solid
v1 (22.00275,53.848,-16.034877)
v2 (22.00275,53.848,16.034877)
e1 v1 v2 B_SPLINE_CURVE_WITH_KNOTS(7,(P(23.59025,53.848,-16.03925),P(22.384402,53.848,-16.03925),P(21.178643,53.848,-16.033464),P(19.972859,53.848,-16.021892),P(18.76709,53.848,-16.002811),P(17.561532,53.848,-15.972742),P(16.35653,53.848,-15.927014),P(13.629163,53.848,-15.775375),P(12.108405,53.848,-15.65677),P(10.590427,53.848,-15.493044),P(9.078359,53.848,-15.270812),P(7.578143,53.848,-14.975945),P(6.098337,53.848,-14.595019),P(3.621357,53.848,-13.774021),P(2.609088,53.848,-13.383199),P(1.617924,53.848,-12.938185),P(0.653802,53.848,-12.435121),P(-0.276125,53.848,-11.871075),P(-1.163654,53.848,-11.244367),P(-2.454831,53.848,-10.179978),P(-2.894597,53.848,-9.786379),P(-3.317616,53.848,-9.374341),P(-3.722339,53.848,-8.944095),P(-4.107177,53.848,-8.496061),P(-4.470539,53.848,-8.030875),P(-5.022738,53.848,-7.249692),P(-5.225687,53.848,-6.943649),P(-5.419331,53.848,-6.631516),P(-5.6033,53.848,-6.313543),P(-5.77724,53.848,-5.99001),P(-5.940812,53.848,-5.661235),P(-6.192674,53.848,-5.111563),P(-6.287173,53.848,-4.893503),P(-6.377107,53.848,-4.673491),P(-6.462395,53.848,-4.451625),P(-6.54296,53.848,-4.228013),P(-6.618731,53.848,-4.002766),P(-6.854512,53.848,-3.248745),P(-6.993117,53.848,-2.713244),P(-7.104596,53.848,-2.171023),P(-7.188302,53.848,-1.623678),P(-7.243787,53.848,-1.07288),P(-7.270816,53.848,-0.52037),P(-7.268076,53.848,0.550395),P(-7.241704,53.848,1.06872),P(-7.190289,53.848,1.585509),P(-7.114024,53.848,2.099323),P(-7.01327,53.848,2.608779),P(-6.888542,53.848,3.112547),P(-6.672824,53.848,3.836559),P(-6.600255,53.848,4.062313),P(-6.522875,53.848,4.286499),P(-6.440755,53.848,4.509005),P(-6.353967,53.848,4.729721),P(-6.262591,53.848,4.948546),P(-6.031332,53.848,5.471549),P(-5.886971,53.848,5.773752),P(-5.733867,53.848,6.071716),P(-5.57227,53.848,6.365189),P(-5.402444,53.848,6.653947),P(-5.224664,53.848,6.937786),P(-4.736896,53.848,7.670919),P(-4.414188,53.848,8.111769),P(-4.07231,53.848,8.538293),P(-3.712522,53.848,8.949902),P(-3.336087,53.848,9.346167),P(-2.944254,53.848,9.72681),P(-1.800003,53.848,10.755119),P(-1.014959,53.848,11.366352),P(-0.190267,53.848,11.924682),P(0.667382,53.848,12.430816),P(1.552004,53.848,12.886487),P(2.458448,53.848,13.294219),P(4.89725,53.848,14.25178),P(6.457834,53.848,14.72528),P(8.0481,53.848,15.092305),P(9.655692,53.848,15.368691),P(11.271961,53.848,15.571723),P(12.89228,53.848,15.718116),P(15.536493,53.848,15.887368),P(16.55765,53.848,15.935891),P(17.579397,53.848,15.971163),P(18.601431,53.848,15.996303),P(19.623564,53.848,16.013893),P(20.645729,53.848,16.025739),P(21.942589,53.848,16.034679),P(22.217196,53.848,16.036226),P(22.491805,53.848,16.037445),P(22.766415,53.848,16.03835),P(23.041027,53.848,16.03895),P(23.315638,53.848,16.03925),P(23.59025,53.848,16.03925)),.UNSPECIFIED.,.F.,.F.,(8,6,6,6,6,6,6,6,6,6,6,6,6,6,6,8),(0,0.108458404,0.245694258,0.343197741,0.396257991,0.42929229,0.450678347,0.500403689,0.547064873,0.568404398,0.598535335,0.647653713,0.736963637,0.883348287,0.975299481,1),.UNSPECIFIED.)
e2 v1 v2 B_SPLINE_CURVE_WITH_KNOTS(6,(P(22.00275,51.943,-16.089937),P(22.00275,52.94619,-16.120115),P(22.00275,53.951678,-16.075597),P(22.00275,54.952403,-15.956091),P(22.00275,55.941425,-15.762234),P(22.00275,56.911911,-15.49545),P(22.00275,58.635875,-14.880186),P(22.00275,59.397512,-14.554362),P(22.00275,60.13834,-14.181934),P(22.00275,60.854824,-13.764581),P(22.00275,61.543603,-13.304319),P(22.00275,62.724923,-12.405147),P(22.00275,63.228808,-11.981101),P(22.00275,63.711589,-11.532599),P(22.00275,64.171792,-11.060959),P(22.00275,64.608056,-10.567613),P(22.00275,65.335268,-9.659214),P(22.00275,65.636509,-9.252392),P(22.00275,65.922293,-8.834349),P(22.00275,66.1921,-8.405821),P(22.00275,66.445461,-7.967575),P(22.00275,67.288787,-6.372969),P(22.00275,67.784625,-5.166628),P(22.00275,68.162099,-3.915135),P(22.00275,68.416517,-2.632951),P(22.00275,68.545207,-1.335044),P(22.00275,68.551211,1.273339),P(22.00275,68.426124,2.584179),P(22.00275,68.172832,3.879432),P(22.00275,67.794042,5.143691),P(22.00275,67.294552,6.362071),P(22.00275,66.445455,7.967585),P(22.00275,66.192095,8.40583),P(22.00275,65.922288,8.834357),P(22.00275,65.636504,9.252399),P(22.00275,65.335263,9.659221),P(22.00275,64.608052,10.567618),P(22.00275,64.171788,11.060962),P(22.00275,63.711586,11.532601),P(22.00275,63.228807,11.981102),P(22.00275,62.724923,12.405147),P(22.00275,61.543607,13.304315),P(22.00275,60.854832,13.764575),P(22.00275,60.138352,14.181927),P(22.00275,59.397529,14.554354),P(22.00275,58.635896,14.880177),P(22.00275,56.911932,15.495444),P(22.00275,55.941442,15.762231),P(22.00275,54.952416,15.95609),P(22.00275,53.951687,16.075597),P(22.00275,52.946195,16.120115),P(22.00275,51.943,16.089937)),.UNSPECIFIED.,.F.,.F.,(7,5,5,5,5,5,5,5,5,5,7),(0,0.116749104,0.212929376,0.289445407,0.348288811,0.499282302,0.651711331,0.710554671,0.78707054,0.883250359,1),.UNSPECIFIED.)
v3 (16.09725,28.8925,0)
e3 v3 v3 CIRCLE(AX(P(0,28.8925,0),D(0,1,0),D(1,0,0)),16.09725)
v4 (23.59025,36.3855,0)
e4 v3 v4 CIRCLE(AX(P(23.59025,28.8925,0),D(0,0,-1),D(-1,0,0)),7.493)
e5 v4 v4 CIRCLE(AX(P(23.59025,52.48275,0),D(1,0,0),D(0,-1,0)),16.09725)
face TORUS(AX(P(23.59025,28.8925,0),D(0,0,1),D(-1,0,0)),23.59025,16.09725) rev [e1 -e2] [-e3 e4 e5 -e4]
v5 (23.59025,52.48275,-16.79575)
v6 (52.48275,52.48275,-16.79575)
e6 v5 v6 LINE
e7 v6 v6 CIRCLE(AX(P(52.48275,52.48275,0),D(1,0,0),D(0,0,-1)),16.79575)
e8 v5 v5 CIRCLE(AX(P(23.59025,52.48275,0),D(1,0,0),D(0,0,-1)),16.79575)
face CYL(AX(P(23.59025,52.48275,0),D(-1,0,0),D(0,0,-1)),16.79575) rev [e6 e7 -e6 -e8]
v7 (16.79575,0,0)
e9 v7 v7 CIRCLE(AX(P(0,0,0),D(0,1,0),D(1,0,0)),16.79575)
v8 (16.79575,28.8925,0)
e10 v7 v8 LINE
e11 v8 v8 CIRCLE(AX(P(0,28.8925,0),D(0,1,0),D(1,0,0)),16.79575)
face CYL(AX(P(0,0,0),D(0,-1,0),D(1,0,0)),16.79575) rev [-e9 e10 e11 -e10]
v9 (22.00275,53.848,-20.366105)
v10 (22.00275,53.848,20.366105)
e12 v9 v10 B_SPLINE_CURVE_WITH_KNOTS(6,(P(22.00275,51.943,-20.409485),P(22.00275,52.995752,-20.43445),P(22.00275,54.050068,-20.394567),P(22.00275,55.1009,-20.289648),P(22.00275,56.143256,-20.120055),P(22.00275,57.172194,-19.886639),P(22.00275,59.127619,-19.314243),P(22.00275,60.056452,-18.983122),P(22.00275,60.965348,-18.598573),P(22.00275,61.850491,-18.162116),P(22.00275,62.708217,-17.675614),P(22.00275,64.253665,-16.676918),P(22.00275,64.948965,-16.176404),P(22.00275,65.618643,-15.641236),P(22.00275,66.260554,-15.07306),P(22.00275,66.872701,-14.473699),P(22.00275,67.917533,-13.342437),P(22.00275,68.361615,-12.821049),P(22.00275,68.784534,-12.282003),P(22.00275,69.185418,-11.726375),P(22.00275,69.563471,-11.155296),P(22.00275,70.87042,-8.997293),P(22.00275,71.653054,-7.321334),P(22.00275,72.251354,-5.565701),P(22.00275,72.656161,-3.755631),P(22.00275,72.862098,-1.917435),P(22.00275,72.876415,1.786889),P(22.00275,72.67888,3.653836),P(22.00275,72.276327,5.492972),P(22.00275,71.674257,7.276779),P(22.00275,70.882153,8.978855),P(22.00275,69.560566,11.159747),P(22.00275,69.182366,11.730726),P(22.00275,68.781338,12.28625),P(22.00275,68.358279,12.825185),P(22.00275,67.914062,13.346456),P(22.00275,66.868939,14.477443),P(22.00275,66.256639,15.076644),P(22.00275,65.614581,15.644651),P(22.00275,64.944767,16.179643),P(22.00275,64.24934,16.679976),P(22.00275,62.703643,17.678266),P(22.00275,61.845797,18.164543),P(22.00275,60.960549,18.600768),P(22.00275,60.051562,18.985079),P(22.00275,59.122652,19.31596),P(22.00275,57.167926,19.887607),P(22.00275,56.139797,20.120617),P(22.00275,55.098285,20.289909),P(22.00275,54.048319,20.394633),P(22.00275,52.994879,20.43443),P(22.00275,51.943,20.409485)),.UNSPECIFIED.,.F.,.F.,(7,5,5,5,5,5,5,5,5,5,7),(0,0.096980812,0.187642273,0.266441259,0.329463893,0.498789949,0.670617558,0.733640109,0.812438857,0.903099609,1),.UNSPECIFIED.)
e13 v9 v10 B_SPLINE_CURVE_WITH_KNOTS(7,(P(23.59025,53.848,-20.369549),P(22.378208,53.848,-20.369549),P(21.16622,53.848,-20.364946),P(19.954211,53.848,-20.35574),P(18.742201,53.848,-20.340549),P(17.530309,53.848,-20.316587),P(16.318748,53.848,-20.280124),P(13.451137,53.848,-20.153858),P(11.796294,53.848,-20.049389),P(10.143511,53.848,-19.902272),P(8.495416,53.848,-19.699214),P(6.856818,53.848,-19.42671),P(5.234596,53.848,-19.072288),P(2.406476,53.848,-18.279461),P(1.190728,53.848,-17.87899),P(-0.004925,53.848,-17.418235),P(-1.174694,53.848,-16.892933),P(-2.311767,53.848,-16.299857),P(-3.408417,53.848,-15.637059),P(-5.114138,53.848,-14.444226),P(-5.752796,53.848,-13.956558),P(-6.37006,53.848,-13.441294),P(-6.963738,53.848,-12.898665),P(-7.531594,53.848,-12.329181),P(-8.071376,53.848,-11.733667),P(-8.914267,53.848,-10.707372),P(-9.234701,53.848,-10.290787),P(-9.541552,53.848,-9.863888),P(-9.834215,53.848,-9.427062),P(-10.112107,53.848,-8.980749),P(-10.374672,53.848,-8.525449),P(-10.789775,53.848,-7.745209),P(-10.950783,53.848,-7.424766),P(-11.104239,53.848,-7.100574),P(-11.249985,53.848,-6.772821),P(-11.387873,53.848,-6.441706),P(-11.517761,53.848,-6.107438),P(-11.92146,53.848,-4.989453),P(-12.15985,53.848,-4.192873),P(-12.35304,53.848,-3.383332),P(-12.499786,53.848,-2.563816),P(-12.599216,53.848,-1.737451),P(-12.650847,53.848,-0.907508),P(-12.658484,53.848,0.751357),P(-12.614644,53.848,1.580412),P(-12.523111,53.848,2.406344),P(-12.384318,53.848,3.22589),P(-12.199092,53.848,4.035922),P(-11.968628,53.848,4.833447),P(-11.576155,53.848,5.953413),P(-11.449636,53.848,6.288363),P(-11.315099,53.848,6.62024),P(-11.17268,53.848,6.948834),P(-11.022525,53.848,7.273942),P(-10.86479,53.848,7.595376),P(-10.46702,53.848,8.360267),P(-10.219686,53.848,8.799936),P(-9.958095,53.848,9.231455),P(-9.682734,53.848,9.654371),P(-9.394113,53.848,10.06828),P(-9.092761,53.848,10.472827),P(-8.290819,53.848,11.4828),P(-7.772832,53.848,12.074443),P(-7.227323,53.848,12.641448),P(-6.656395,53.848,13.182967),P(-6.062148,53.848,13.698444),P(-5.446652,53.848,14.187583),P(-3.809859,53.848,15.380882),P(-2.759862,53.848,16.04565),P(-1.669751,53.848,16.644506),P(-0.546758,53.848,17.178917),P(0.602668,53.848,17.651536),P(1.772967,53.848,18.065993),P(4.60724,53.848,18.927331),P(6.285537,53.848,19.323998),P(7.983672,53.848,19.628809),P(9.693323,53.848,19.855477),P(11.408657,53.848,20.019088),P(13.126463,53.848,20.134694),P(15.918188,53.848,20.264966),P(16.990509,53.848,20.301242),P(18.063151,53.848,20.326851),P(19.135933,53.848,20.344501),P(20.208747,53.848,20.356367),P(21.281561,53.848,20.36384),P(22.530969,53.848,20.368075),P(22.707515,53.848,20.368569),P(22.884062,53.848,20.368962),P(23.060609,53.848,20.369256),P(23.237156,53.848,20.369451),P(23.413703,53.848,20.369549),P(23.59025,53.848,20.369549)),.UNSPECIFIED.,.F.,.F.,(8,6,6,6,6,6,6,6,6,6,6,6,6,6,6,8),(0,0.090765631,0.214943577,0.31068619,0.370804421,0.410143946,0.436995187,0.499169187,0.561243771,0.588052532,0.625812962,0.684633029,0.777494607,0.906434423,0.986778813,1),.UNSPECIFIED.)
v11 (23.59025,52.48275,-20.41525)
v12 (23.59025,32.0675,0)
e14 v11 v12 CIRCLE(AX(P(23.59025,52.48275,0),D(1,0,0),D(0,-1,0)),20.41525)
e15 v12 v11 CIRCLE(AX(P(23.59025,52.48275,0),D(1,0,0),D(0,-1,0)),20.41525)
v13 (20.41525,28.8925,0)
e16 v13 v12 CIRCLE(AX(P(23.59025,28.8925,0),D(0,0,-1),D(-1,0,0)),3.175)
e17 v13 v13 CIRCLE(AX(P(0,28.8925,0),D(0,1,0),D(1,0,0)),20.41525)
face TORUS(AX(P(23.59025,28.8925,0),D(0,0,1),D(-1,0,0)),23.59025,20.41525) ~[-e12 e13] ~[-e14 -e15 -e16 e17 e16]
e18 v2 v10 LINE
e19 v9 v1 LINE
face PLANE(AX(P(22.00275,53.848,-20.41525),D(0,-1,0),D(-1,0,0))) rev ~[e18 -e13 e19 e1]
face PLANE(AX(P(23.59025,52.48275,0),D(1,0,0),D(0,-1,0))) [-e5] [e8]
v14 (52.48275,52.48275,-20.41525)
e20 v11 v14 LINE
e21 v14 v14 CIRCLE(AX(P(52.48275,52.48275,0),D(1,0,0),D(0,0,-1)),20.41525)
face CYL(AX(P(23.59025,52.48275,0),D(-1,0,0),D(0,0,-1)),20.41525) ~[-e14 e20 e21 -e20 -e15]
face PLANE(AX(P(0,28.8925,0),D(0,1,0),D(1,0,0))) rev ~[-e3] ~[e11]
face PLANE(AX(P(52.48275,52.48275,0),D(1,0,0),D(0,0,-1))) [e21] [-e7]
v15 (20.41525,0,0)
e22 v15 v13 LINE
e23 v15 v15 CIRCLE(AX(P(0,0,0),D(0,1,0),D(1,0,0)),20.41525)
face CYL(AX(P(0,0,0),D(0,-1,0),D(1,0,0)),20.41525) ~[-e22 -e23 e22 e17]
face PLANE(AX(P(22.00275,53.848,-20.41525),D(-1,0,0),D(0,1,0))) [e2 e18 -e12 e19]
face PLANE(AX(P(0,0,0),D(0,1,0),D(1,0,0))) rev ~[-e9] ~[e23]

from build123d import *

# Parameters (mm, degrees)
SKETCH1_R           = 20.41525
SKETCH1_R_2         = 16.79575
BOSS_EXTRUDE1_DEPTH = 28.8925
SKETCH2_R           = 20.41525
SKETCH2_R_2         = 16.09725
REVOLVE1_ANGLE      = 90
SKETCH3_R           = 20.41525
SKETCH3_R_2         = 16.79575
BOSS_EXTRUDE2_DEPTH = 28.8925
SKETCH5_W           = 42.418
SKETCH5_H           = 19.05
CUT_EXTRUDE2_DEPTH  = 66.9925


with BuildPart() as part:
    # Sketch1 → Boss-Extrude1 (new body)
    with BuildSketch(Plane(origin=(0, 0, 0), x_dir=(1, 0, 0), z_dir=(0, 1, 0))):
        Circle(SKETCH1_R)
        Circle(SKETCH1_R_2, mode=Mode.SUBTRACT)
    extrude(amount=BOSS_EXTRUDE1_DEPTH)

    # Sketch2 → Revolve1 (revolve)
    with BuildSketch(Plane(origin=(0, 28.8925, 0), x_dir=(1, 0, 0), z_dir=(0, 1, 0))):
        Circle(SKETCH2_R)
        Circle(SKETCH2_R_2, mode=Mode.SUBTRACT)
    revolve(axis=Axis((23.59025, 28.8925, 20.41525), (0, 0, -1)), revolution_arc=REVOLVE1_ANGLE)

    # Sketch3 → Boss-Extrude2 (add)
    with BuildSketch(Plane(origin=(23.59025, 0, 0), x_dir=(0, 0, -1), z_dir=(1, 0, 0))):
        with Locations((0, 52.48275)):
            Circle(SKETCH3_R)
        with Locations((0, 52.48275)):
            Circle(SKETCH3_R_2, mode=Mode.SUBTRACT)
    extrude(amount=BOSS_EXTRUDE2_DEPTH)

    # Sketch5 → Cut-Extrude2 (cut)
    with BuildSketch(Plane(origin=(0, 28.8925, -20.41525), x_dir=(-1, 0, 0), z_dir=(0, 0, -1))):
        with Locations((-0.79375, 34.4805)):
            Rectangle(SKETCH5_W, SKETCH5_H)
    extrude(amount=-CUT_EXTRUDE2_DEPTH, mode=Mode.SUBTRACT)


solid = part.part
